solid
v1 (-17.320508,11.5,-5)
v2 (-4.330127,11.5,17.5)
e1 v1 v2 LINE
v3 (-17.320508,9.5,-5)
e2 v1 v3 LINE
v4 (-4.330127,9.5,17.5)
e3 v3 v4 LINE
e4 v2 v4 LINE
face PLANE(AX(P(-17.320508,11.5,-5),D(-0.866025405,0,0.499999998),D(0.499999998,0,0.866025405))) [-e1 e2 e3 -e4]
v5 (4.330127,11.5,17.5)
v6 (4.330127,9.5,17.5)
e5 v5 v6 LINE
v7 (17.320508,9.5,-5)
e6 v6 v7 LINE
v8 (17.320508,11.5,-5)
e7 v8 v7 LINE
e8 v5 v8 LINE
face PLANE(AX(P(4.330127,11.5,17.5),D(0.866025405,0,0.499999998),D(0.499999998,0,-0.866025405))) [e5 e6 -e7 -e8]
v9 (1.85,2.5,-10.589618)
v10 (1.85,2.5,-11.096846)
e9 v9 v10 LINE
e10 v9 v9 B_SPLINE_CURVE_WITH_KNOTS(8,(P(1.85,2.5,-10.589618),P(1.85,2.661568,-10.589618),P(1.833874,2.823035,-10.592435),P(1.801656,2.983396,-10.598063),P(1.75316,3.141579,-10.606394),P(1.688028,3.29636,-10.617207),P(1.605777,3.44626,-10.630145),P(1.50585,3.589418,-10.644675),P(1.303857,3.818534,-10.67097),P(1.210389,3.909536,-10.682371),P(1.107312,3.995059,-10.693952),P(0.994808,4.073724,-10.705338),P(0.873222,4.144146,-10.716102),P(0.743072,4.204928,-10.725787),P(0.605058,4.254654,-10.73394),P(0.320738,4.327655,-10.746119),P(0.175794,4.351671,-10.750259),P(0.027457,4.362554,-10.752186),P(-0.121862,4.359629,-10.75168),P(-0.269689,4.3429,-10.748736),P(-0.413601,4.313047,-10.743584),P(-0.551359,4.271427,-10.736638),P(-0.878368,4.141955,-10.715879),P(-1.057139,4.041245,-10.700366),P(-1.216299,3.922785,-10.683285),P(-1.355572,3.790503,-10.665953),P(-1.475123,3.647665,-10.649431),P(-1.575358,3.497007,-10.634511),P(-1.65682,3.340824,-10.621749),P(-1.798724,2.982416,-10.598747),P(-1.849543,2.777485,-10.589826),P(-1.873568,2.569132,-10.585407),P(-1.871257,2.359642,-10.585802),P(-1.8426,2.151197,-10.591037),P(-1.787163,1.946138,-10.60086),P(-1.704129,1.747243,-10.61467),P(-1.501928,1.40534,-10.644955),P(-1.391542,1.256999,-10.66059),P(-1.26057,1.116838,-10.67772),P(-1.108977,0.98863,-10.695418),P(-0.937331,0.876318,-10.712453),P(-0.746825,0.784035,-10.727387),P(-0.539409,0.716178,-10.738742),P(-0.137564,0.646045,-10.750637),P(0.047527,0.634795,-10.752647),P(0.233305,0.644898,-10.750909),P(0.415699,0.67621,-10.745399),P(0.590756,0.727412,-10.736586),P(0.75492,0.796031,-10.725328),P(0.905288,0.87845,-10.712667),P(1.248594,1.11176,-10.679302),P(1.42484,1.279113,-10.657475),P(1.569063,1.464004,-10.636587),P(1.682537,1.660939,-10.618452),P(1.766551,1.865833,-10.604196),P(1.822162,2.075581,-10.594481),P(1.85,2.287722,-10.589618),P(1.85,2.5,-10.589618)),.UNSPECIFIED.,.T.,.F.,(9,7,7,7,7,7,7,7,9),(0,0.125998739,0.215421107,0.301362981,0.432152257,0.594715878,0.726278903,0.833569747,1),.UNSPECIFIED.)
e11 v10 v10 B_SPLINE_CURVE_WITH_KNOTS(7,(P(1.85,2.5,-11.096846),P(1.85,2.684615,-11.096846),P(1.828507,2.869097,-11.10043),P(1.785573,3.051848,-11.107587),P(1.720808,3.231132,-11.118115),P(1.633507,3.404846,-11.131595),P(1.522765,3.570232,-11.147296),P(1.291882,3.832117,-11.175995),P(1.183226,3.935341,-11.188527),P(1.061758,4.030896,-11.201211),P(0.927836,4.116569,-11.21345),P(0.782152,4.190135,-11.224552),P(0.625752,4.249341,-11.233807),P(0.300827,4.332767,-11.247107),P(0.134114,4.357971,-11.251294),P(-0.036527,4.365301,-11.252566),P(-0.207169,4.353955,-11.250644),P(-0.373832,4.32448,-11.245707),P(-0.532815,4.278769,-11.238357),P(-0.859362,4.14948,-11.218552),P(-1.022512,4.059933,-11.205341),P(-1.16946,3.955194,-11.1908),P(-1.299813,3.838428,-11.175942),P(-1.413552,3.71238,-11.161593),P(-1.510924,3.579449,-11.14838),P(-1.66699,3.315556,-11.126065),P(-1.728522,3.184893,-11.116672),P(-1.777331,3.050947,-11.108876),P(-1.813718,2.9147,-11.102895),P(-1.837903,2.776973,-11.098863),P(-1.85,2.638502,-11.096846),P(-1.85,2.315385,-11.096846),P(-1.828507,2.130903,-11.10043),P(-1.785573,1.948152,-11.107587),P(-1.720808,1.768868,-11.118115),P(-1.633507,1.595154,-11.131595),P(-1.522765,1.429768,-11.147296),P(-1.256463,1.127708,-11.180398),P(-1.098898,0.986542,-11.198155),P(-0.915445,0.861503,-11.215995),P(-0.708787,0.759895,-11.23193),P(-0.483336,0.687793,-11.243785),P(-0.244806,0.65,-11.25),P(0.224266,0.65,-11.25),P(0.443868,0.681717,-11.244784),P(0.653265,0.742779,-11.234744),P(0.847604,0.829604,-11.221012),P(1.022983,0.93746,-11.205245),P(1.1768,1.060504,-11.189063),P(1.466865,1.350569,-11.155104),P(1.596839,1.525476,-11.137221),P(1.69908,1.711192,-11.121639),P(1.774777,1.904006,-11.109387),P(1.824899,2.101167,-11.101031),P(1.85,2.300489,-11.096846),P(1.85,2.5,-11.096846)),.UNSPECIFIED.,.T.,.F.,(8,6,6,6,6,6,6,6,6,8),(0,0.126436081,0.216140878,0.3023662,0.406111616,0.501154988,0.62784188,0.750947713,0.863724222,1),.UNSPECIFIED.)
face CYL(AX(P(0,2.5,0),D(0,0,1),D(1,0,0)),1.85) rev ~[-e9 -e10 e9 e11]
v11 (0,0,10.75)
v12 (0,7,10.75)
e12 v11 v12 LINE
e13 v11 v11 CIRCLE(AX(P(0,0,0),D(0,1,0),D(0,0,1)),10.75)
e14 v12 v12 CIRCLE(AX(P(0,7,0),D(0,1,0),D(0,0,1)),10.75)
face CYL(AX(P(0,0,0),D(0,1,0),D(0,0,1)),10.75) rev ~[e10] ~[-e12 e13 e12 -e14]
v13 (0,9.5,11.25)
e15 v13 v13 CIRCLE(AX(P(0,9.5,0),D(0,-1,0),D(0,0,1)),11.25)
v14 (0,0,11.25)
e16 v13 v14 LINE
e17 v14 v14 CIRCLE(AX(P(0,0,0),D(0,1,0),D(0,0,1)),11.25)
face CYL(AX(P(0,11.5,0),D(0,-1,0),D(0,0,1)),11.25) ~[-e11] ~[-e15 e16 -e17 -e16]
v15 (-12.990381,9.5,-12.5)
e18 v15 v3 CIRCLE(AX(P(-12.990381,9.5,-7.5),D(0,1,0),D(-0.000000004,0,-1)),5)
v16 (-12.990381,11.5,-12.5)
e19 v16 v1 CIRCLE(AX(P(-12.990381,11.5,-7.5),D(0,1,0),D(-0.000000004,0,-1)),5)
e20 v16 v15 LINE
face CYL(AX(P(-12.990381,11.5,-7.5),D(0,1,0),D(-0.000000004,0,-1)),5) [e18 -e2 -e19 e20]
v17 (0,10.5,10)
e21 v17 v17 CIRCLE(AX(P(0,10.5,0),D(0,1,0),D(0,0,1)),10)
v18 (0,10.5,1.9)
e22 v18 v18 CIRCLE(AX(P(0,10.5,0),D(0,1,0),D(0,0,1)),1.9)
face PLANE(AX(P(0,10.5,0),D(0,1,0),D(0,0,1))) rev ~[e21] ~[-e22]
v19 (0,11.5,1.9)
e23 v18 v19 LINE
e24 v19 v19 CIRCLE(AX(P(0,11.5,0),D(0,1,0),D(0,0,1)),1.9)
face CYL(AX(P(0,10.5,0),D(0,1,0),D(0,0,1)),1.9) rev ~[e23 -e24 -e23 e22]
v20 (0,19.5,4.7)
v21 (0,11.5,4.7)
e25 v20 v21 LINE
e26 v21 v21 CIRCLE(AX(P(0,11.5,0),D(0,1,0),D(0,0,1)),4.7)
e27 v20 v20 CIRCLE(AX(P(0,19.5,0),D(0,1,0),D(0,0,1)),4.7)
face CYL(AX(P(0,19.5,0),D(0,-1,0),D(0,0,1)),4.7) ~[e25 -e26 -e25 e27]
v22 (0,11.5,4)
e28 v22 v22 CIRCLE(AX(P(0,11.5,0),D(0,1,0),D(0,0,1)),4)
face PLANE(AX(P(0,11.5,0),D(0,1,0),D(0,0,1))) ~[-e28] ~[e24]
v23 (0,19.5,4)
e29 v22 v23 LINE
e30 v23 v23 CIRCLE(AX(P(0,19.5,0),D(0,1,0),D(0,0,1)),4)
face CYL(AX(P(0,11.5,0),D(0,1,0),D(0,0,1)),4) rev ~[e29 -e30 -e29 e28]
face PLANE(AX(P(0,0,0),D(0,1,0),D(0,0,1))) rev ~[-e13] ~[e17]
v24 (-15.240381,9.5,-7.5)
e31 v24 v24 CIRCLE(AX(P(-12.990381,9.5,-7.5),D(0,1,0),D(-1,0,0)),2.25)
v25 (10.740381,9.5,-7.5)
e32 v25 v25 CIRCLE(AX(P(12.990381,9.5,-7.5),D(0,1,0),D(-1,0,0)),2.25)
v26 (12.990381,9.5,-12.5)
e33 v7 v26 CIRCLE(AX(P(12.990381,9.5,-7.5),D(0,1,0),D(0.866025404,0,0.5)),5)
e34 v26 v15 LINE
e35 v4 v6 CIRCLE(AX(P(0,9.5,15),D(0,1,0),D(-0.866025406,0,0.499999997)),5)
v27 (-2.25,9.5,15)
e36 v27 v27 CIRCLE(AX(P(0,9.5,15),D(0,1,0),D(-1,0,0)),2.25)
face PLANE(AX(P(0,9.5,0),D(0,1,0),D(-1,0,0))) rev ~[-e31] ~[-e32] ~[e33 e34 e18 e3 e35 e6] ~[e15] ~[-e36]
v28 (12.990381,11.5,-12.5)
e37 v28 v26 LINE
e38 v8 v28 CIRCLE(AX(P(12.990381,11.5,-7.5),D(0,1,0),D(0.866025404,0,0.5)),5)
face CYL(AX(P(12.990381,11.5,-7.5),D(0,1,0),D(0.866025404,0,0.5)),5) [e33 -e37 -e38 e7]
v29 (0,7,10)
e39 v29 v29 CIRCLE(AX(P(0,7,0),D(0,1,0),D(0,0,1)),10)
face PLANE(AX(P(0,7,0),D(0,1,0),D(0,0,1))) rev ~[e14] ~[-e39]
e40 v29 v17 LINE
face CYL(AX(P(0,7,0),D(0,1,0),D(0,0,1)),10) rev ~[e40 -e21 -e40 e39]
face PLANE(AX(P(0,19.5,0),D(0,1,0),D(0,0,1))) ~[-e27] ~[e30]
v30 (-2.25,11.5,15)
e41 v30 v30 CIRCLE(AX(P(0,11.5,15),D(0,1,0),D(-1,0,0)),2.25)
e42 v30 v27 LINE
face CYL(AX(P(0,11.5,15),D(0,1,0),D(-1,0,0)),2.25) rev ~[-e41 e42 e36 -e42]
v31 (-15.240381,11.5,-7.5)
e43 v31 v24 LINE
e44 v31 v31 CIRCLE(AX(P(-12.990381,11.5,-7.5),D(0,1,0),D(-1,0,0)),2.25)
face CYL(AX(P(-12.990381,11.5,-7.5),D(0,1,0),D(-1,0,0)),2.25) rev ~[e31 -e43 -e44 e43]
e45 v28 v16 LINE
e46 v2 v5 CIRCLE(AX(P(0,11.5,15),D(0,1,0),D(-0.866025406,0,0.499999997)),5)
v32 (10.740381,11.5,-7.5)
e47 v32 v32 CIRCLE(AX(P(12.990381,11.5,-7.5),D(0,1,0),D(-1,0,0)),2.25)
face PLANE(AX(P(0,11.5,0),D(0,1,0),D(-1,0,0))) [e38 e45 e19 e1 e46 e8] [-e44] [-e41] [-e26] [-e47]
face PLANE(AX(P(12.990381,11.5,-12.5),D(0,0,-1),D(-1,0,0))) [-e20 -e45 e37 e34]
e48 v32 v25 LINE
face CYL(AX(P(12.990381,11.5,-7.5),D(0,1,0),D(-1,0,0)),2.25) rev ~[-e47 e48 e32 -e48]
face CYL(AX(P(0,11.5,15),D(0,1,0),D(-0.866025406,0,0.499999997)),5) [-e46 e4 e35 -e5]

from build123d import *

# Parameters (mm, degrees)
F2_R     = 1.85
F3_DEPTH = 11.251
F4_R     = 2.25
F4_R_2   = 11.25
F4_R_3   = 10.75
F5_DEPTH = 2


with BuildPart() as f1:
    # F0 (on Right) → F1 (revolve)
    with BuildSketch(Plane.YZ):
        Polygon((11.5, 11.25), (0, 11.25), (0, 10.75), (7, 10.75), (7, 10), (10.5, 10), (10.5, 1.9), (11.5, 1.9), (11.5, 4), (19.5, 4), (19.5, 4.7), (11.5, 4.7), align=None)
    revolve(axis=Axis((0, 13.454885, 0), (0, 1, 0)))

    # F2 (on Top) → F3 (cut, through all)
    with BuildSketch(Plane.XY):
        with Locations((0, 2.5)):
            Circle(F2_R)
    extrude(amount=-F3_DEPTH, mode=Mode.SUBTRACT)

    # F4 (on face) → F5 (join)
    with BuildSketch(Plane(origin=(0, 11.5, 0), x_dir=(-1, 0, 0), z_dir=(0, 1, 0))):
        with BuildLine():
            Line((17.320508, -5), (4.330127, 17.5))
            ThreePointArc((4.330127, 17.5), (0, 20), (-4.330127, 17.5))
            Line((-4.330127, 17.5), (-17.320508, -5))
            ThreePointArc((-17.320508, -5), (-17.320508, -10), (-12.990381, -12.5))
            Line((-12.990381, -12.5), (12.990381, -12.5))
            ThreePointArc((12.990381, -12.5), (17.320508, -10), (17.320508, -5))
        make_face()
        with Locations((-12.990381, -7.5)):
            Circle(F4_R, mode=Mode.SUBTRACT)
        Circle(F4_R_2, mode=Mode.SUBTRACT)
        with Locations((12.990381, -7.5)):
            Circle(F4_R, mode=Mode.SUBTRACT)
        with Locations((0, 15)):
            Circle(F4_R, mode=Mode.SUBTRACT)
        Circle(F4_R_2)
        Circle(F4_R_3, mode=Mode.SUBTRACT)
    extrude(amount=-F5_DEPTH)


solid = f1.part
